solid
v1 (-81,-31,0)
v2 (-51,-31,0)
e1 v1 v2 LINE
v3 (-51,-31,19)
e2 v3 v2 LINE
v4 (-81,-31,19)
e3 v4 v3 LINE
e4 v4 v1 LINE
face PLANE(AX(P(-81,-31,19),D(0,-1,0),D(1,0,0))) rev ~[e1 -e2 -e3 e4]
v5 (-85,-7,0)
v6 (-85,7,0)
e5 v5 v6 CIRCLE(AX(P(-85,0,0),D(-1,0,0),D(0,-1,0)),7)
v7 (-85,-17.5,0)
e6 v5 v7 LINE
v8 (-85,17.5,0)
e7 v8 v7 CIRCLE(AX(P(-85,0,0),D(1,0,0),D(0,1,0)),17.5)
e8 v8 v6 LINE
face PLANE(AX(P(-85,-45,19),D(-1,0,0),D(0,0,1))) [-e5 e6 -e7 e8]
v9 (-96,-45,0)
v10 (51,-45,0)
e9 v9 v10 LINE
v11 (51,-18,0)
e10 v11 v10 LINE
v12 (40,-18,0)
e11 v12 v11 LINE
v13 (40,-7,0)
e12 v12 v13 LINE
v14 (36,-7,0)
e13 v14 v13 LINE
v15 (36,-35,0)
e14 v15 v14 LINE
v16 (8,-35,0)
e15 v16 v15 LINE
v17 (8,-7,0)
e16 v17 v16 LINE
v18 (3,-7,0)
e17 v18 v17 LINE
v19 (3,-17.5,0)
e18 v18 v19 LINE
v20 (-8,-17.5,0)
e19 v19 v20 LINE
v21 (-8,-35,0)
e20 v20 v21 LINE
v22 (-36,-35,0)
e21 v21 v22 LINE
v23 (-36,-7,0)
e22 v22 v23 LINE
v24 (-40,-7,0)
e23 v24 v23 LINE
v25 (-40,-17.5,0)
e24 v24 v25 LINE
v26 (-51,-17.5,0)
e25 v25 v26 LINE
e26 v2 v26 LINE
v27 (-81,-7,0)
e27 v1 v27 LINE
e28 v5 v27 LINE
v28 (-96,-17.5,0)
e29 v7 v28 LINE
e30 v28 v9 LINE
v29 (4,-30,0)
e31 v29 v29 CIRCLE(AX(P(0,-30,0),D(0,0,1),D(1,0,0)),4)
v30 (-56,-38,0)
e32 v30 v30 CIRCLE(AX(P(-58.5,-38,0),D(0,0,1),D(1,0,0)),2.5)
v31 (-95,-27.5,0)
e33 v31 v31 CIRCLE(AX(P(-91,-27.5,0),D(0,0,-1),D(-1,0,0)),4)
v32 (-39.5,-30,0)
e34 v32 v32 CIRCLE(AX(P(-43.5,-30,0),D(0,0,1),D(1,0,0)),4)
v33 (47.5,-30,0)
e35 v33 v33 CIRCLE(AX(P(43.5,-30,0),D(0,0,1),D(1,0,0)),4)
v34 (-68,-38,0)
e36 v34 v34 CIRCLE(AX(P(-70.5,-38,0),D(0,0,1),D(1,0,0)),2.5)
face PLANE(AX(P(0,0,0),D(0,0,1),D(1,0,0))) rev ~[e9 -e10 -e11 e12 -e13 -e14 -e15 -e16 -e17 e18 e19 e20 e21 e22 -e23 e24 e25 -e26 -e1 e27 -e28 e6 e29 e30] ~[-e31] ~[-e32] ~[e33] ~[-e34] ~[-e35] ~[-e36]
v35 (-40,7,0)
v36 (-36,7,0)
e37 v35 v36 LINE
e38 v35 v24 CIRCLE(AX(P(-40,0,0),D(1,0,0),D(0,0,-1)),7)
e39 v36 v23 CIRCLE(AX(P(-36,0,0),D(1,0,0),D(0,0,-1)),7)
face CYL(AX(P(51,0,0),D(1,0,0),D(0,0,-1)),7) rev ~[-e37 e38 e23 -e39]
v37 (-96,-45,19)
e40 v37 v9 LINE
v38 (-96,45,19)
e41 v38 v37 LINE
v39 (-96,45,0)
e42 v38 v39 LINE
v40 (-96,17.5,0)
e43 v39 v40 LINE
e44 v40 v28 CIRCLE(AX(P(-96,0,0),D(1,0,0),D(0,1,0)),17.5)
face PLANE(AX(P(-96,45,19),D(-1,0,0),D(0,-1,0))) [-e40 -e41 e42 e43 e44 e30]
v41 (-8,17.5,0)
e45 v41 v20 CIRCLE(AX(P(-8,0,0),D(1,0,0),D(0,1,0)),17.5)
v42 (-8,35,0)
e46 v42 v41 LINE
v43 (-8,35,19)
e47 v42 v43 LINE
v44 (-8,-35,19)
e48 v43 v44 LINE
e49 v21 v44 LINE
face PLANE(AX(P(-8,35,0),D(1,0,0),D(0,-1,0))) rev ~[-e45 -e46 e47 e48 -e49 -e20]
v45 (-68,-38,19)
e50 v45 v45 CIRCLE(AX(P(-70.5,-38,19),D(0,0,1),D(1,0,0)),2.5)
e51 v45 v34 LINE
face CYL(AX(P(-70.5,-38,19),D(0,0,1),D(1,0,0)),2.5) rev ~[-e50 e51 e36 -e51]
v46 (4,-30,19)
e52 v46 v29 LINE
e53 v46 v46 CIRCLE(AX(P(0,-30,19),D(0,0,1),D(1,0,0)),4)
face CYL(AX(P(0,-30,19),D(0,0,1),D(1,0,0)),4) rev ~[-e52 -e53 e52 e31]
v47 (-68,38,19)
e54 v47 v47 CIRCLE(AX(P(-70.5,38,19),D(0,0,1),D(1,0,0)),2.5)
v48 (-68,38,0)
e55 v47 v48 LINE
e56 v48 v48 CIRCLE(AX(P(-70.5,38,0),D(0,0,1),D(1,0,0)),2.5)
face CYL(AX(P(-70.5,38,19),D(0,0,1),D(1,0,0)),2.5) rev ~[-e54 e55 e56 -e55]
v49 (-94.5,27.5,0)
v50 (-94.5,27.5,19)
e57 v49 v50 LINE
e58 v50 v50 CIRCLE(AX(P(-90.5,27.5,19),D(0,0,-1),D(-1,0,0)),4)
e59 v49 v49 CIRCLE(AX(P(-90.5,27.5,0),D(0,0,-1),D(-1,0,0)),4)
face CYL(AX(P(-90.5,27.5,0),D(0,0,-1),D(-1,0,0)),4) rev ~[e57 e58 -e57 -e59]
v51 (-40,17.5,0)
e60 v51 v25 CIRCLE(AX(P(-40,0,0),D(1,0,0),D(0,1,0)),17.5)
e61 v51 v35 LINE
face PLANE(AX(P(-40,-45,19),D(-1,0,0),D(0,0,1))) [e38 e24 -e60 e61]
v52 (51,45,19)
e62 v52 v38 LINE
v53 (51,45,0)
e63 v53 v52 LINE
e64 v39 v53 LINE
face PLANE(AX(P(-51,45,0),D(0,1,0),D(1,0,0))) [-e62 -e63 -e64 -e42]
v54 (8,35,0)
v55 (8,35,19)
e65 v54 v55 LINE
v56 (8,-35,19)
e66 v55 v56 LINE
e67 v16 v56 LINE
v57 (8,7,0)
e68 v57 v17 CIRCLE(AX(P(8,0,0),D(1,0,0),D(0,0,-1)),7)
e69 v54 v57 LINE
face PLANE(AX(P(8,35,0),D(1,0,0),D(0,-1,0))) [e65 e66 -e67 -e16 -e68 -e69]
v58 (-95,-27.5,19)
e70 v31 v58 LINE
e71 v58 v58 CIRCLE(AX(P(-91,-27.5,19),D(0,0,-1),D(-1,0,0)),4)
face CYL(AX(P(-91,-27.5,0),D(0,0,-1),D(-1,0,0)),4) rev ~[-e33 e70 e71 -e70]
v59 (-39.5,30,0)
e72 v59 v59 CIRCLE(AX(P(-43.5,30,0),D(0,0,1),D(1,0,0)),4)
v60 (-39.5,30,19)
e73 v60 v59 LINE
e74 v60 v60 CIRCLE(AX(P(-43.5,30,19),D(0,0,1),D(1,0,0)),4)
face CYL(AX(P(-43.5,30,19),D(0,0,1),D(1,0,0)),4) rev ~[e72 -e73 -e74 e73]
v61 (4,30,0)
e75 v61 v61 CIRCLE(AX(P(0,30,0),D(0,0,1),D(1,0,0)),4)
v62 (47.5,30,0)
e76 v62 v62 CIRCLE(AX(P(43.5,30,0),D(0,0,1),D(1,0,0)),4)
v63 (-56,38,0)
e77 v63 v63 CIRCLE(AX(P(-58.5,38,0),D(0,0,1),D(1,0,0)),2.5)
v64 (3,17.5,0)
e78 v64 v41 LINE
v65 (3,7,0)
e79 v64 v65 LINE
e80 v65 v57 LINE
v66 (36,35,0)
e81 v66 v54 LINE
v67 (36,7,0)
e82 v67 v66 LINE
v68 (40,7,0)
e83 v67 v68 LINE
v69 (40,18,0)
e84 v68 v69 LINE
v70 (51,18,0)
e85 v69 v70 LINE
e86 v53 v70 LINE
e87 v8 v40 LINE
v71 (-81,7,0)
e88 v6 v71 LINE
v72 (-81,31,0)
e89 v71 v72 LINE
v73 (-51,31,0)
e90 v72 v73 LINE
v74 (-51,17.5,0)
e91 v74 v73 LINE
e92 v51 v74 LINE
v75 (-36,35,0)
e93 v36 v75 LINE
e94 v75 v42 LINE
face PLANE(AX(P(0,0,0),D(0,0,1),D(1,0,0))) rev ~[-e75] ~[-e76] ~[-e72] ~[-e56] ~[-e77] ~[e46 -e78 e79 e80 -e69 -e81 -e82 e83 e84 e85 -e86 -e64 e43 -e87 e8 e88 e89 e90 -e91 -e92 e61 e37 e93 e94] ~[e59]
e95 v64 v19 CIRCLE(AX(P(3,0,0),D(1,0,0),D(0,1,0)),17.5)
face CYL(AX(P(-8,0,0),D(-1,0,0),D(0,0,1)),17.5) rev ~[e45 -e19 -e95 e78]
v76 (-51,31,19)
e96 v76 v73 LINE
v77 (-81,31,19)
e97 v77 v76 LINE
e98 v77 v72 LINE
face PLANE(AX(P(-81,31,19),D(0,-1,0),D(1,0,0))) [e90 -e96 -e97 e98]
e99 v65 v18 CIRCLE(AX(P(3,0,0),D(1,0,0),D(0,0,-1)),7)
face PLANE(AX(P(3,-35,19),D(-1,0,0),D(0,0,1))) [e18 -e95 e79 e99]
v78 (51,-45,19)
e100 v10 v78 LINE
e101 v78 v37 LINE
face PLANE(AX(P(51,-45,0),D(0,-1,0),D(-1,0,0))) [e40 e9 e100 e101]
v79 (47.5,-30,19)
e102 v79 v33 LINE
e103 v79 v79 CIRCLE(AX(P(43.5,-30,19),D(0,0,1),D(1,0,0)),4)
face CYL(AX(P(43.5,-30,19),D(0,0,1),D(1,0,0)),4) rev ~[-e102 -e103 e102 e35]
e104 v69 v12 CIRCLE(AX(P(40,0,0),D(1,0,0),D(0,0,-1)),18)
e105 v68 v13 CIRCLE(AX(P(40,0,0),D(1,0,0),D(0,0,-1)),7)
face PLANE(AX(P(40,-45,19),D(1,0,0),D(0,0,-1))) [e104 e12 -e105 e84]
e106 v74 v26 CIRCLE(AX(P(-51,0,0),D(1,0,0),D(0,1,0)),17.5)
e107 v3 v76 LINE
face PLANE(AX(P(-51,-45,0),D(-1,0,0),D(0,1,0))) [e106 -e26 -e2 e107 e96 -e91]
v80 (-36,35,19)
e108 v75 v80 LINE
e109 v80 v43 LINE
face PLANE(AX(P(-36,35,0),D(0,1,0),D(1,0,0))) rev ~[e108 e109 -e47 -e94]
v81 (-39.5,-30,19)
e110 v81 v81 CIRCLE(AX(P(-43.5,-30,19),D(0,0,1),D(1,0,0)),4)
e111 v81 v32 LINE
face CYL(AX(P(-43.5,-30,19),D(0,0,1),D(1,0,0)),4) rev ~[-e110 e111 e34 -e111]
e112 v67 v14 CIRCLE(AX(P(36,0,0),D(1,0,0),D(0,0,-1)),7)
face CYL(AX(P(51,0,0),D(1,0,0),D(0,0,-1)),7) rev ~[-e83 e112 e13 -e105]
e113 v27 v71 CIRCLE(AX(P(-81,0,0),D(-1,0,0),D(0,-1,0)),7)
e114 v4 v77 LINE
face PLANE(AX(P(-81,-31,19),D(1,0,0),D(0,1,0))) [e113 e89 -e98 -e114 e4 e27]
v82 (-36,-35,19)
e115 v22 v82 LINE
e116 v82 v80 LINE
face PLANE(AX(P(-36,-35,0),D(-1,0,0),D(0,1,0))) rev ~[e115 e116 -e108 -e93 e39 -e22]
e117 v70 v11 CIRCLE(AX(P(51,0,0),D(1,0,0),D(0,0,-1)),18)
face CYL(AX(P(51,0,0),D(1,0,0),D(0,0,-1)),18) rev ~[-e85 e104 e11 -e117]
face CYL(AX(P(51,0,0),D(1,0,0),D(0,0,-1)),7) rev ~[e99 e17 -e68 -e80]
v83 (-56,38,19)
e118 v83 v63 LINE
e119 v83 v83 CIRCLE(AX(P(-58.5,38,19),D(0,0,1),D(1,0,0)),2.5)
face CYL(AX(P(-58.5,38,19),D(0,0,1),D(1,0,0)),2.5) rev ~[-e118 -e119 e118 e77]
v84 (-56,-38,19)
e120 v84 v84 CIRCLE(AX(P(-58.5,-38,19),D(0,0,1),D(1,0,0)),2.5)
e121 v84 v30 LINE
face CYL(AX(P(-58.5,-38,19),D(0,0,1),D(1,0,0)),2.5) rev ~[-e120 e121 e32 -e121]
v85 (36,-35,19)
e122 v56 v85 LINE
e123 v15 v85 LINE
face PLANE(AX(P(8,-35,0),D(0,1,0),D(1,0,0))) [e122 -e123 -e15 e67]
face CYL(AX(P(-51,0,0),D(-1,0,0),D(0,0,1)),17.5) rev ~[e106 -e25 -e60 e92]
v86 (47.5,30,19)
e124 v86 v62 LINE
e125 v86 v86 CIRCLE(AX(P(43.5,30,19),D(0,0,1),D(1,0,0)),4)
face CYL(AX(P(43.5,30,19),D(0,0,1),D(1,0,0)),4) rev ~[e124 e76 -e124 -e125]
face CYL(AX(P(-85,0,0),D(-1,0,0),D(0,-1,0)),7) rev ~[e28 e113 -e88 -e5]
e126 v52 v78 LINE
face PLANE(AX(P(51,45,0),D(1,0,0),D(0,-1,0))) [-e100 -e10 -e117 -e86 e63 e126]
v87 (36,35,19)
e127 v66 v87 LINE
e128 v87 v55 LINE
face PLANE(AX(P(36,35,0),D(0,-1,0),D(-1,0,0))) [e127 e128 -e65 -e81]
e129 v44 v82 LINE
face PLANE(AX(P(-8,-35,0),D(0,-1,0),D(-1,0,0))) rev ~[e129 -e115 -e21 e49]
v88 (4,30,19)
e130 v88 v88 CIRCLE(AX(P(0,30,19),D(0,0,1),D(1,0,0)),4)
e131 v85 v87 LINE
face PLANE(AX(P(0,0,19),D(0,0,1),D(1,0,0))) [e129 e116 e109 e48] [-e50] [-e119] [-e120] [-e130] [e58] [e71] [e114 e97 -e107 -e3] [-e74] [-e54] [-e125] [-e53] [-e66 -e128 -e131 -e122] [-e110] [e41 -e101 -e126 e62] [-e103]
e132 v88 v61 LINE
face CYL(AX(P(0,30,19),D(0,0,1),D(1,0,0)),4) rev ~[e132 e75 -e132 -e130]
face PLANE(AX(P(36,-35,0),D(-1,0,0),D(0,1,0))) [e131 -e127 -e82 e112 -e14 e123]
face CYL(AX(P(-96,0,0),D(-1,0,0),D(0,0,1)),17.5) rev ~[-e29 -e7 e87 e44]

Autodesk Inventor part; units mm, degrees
ref_plane "YZ Plane" through (0, 0, 0) normal (1, 0, 0) x (0, 1, 0)
ref_plane "XZ Plane" through (0, 0, 0) normal (0, 1, 0) x (-1, 0, 0)
ref_plane "XY Plane" through (0, 0, 0) normal (0, 0, 1) x (1, 0, 0)
sketch "Sketch1" plane through (0, 0, 0) normal (0, 0, 1) x (1, 0, 0)
  line L0 (51, -45) -> (-51, -45)
  line L1 (-51, -45) -> (-51, 45)
  line L2 (-51, 45) -> (51, 45)
  line L3 (51, 45) -> (51, -45)
  line L4 (51, -45) -> (-51, 45) construction
  line L5 (-51, -45) -> (51, 45) construction
  line L6 (-22, 0) -> (22, 0) construction
  line L7 (-36, 35) -> (-8, 35)
  line L8 (-8, 35) -> (-8, -35)
  line L9 (-8, -35) -> (-36, -35)
  line L10 (-36, -35) -> (-36, 35)
  line L11 (-36, 35) -> (-8, -35) construction
  line L12 (-8, 35) -> (-36, -35) construction
  line L13 (36, 35) -> (8, 35)
  line L14 (8, 35) -> (8, -35)
  line L15 (8, -35) -> (36, -35)
  line L16 (36, -35) -> (36, 35)
  line L17 (36, 35) -> (8, -35) construction
  line L18 (8, 35) -> (36, -35) construction
  point P0 (0, 0)
  point P1 (0, 0)
  dimension "d0" = 16
  dimension "d1" = 28
  dimension "d2" = 28
  dimension "d3" = 70
  dimension "d4" = 10
  dimension "d5" = 15
extrude "Extrusion1" add sketch "Sketch1" along normal blind 19
sketch "Sketch2" plane through (51, -45, 0) normal (1, 0, 0) x (0, 0, -1)
  circle A0 centre (0, 45) radius 7
  point P0 (0, 45)
  dimension "d8" = 14
extrude "Extrusion2" cut sketch "Sketch2" against normal through all
sketch "Sketch3" plane through (51, -45, 19) normal (1, 0, 0) x (0, 0, -1)
  arc A0 (19, 52) -> (19, 38) centre (19, 45) ccw projected
  circle A1 centre (19, 45) radius 18
  dimension "d11" = 36
extrude "Extrusion3" cut sketch "Sketch3" against normal blind 11
sketch "Sketch4" plane through (-51, -45, 19) normal (-1, 0, 0) x (0, 0, 1)
  arc A0 (-19, 38) -> (-19, 52) centre (-19, 45) ccw projected
  circle A1 centre (-19, 45) radius 17.5
  dimension "d14" = 35
extrude "Extrusion4" cut sketch "Sketch4" against normal blind 11
sketch "Sketch5" plane through (-8, -35, 19) normal (-1, 0, 0) x (0, 0, 1)
  arc A0 (-19, 28) -> (-19, 42) centre (-19, 35) ccw projected
  circle A1 centre (-19, 35) radius 17.5
  dimension "d17" = 35
extrude "Extrusion5" cut sketch "Sketch5" against normal blind 11
sketch "Sketch6" plane through (8, -35, 19) normal (1, 0, 0) x (0, 0, -1)
  arc A0 (19, 42) -> (19, 28) centre (19, 35) ccw projected
  circle A1 centre (19, 35) radius 17.5
  dimension "d20" = 35
extrude "Extrusion6" [suppressed]
sketch "Sketch7" plane through (0, 0, 19) normal (0, 0, 1) x (1, 0, 0)
  line L0 (-36, -35) -> (-36, 35) projected
  line L1 (-51, 45) -> (-51, -45) projected
  line L2 (0, 30) -> (0, -30) construction
  circle A0 centre (0, 30) radius 4
  circle A1 centre (0, -30) radius 4
  line L3 (43.5, -30) -> (-43.5, -30) construction
  line L4 (-43.5, -30) -> (-43.5, 30) construction
  line L5 (-43.5, 30) -> (43.5, 30) construction
  line L6 (43.5, 30) -> (43.5, -30) construction
  line L7 (43.5, -30) -> (-43.5, 30) construction
  line L8 (-43.5, -30) -> (43.5, 30) construction
  circle A2 centre (-43.5, 30) radius 4
  circle A3 centre (-43.5, -30) radius 4
  circle A4 centre (43.5, -30) radius 4
  circle A5 centre (43.5, 30) radius 4
  point P0 (0, 0)
  point P1 (0, 0)
  dimension "d23" = 60
  dimension "d24" = 8
  dimension "d25" = 7.5
  dimension "d26" = 87
extrude "Extrusion7" cut sketch "Sketch7" against normal through all
sketch "Sketch8" plane through (0, 0, 19) normal (0, 0, 1) x (1, 0, 0)
  line L0 (-51, 45) -> (-81, 45)
  line L1 (-81, 45) -> (-81, 31)
  line L2 (-81, 31) -> (-51, 31)
  line L3 (-51, 31) -> (-51, 45)
  line L4 (-51, -45) -> (-81, -45)
  line L5 (-81, -45) -> (-81, -31)
  line L6 (-81, -31) -> (-51, -31)
  line L7 (-51, -31) -> (-51, -45)
  line L8 (-81, 45) -> (-96, 45)
  line L9 (-96, 45) -> (-96, -45)
  line L10 (-96, -45) -> (-81, -45)
  line L11 (-81, -45) -> (-81, 45)
  point P0 (0, 0)
  dimension "d29" = 14
  dimension "d30" = 15
  dimension "d31" = 30
  dimension "d41" = 31
extrude "Extrusion8" add sketch "Sketch8" against normal up to surface (19 mm away)
sketch "Sketch9" plane through (-96, -45, 19) normal (-1, 0, 0) x (0, 0, 1)
  circle A0 centre (-19, 45) radius 17.5
  dimension "d34" = 35
extrude "Extrusion9" cut sketch "Sketch9" against normal blind 11
sketch "Sketch10" plane through (0, 0, 0) normal (0, 0, -1) x (-1, 0, 0)
  line L0 (96, -17.5) -> (85, -17.5) projected
  circle A0 centre (43.5, 30) radius 4 projected
  circle A1 centre (0, 30) radius 4 projected
  circle A2 centre (-43.5, 30) radius 4 projected
  line L1 (85, 17.5) -> (96, 17.5) projected
  line L2 (96, 17.5) -> (96, 45) projected
  line L3 (96, 45) -> (-51, 45) projected
  line L4 (-51, 45) -> (-51, 18) projected
  line L5 (-51, 18) -> (-40, 18) projected
  line L6 (-40, 18) -> (-40, 7) projected
  line L7 (-40, 7) -> (-36, 7) projected
  line L8 (-36, 7) -> (-36, 35) projected
  line L9 (-36, 35) -> (-8, 35) projected
  line L10 (-8, -7) -> (-8, -35) projected
  line L11 (36, 7) -> (40, 7) projected
  line L12 (-3, 7) -> (-3, 17.5) projected
  line L13 (-3, 17.5) -> (8, 17.5) projected
  line L14 (8, 17.5) -> (8, 35) projected
  line L15 (8, 35) -> (36, 35) projected
  line L16 (36, 35) -> (36, 7) projected
  line L17 (40, 7) -> (40, 17.5) projected
  line L18 (40, 17.5) -> (51, 17.5) projected
  line L19 (51, 17.5) -> (51, 31) projected
  line L20 (51, 31) -> (81, 31) projected
  line L21 (81, 31) -> (81, -31) projected
  line L22 (90.5, 17.5) -> (90.5, 27.5) construction
  line L23 (91, -17.5) -> (91, -27.5) construction
  circle A3 centre (90.5, 27.5) radius 4
  circle A4 centre (91, -27.5) radius 4
  line L24 (96, -17.5) -> (85, -17.5) projected
  line L25 (81, -31) -> (51, -31) projected
  line L26 (51, -31) -> (51, -17.5) projected
  line L27 (51, -17.5) -> (40, -17.5) projected
  line L28 (40, -17.5) -> (40, -7) projected
  line L29 (40, -7) -> (36, -7) projected
  line L30 (36, -7) -> (36, -35) projected
  line L31 (36, -35) -> (8, -35) projected
  line L32 (8, -35) -> (8, -17.5) projected
  line L33 (8, -17.5) -> (-3, -17.5) projected
  line L34 (-3, -17.5) -> (-3, -7) projected
  line L35 (-3, -7) -> (-8, -7) projected
  line L36 (-8, -35) -> (-36, -35) projected
  line L37 (-36, -35) -> (-36, -7) projected
  line L38 (-36, -7) -> (-40, -7) projected
  line L39 (-40, -7) -> (-40, -18) projected
  line L40 (-40, -18) -> (-51, -18) projected
  line L41 (-51, -18) -> (-51, -45) projected
  line L42 (-51, -45) -> (96, -45) projected
  line L43 (96, -45) -> (96, -17.5) projected
  line L44 (-8, 35) -> (-8, 7) projected
  line L45 (-8, 7) -> (-3, 7) projected
  line L46 (85, -17.5) -> (85, 17.5) projected
  point P0 (86, -17.5)
  point P1 (0, 0)
  dimension "d37" = 8
  dimension "d38" = 10
extrude "Extrusion10" cut sketch "Sketch10" against normal through all contours A3 | A4
sketch "Sketch11" plane through (0, 0, 19) normal (0, 0, 1) x (1, 0, 0)
  circle A0 centre (-58.5, 38) radius 2.5 projected
  circle A1 centre (-70.5, 38) radius 2.5 projected
  circle A2 centre (-70.5, -38) radius 2.5 projected
  circle A3 centre (-58.5, -38) radius 2.5 projected
  point P0 (0, 0)
extrude "Extrusion11" cut sketch "Sketch11" against normal through all
sketch "Sketch12" plane through (-85, -45, 19) normal (-1, 0, 0) x (0, 0, 1)
  arc A0 (-19, 38) -> (-19, 52) centre (-19, 45) ccw projected
  line L0 (-19, 52) -> (-19, 38)
  line L1 (-19, 27.5) -> (-19, 62.5) projected
  point P0 (-19, 45)
extrude "Extrusion12" cut sketch "Sketch12" against normal blind 10
properties part number "frame 1"
